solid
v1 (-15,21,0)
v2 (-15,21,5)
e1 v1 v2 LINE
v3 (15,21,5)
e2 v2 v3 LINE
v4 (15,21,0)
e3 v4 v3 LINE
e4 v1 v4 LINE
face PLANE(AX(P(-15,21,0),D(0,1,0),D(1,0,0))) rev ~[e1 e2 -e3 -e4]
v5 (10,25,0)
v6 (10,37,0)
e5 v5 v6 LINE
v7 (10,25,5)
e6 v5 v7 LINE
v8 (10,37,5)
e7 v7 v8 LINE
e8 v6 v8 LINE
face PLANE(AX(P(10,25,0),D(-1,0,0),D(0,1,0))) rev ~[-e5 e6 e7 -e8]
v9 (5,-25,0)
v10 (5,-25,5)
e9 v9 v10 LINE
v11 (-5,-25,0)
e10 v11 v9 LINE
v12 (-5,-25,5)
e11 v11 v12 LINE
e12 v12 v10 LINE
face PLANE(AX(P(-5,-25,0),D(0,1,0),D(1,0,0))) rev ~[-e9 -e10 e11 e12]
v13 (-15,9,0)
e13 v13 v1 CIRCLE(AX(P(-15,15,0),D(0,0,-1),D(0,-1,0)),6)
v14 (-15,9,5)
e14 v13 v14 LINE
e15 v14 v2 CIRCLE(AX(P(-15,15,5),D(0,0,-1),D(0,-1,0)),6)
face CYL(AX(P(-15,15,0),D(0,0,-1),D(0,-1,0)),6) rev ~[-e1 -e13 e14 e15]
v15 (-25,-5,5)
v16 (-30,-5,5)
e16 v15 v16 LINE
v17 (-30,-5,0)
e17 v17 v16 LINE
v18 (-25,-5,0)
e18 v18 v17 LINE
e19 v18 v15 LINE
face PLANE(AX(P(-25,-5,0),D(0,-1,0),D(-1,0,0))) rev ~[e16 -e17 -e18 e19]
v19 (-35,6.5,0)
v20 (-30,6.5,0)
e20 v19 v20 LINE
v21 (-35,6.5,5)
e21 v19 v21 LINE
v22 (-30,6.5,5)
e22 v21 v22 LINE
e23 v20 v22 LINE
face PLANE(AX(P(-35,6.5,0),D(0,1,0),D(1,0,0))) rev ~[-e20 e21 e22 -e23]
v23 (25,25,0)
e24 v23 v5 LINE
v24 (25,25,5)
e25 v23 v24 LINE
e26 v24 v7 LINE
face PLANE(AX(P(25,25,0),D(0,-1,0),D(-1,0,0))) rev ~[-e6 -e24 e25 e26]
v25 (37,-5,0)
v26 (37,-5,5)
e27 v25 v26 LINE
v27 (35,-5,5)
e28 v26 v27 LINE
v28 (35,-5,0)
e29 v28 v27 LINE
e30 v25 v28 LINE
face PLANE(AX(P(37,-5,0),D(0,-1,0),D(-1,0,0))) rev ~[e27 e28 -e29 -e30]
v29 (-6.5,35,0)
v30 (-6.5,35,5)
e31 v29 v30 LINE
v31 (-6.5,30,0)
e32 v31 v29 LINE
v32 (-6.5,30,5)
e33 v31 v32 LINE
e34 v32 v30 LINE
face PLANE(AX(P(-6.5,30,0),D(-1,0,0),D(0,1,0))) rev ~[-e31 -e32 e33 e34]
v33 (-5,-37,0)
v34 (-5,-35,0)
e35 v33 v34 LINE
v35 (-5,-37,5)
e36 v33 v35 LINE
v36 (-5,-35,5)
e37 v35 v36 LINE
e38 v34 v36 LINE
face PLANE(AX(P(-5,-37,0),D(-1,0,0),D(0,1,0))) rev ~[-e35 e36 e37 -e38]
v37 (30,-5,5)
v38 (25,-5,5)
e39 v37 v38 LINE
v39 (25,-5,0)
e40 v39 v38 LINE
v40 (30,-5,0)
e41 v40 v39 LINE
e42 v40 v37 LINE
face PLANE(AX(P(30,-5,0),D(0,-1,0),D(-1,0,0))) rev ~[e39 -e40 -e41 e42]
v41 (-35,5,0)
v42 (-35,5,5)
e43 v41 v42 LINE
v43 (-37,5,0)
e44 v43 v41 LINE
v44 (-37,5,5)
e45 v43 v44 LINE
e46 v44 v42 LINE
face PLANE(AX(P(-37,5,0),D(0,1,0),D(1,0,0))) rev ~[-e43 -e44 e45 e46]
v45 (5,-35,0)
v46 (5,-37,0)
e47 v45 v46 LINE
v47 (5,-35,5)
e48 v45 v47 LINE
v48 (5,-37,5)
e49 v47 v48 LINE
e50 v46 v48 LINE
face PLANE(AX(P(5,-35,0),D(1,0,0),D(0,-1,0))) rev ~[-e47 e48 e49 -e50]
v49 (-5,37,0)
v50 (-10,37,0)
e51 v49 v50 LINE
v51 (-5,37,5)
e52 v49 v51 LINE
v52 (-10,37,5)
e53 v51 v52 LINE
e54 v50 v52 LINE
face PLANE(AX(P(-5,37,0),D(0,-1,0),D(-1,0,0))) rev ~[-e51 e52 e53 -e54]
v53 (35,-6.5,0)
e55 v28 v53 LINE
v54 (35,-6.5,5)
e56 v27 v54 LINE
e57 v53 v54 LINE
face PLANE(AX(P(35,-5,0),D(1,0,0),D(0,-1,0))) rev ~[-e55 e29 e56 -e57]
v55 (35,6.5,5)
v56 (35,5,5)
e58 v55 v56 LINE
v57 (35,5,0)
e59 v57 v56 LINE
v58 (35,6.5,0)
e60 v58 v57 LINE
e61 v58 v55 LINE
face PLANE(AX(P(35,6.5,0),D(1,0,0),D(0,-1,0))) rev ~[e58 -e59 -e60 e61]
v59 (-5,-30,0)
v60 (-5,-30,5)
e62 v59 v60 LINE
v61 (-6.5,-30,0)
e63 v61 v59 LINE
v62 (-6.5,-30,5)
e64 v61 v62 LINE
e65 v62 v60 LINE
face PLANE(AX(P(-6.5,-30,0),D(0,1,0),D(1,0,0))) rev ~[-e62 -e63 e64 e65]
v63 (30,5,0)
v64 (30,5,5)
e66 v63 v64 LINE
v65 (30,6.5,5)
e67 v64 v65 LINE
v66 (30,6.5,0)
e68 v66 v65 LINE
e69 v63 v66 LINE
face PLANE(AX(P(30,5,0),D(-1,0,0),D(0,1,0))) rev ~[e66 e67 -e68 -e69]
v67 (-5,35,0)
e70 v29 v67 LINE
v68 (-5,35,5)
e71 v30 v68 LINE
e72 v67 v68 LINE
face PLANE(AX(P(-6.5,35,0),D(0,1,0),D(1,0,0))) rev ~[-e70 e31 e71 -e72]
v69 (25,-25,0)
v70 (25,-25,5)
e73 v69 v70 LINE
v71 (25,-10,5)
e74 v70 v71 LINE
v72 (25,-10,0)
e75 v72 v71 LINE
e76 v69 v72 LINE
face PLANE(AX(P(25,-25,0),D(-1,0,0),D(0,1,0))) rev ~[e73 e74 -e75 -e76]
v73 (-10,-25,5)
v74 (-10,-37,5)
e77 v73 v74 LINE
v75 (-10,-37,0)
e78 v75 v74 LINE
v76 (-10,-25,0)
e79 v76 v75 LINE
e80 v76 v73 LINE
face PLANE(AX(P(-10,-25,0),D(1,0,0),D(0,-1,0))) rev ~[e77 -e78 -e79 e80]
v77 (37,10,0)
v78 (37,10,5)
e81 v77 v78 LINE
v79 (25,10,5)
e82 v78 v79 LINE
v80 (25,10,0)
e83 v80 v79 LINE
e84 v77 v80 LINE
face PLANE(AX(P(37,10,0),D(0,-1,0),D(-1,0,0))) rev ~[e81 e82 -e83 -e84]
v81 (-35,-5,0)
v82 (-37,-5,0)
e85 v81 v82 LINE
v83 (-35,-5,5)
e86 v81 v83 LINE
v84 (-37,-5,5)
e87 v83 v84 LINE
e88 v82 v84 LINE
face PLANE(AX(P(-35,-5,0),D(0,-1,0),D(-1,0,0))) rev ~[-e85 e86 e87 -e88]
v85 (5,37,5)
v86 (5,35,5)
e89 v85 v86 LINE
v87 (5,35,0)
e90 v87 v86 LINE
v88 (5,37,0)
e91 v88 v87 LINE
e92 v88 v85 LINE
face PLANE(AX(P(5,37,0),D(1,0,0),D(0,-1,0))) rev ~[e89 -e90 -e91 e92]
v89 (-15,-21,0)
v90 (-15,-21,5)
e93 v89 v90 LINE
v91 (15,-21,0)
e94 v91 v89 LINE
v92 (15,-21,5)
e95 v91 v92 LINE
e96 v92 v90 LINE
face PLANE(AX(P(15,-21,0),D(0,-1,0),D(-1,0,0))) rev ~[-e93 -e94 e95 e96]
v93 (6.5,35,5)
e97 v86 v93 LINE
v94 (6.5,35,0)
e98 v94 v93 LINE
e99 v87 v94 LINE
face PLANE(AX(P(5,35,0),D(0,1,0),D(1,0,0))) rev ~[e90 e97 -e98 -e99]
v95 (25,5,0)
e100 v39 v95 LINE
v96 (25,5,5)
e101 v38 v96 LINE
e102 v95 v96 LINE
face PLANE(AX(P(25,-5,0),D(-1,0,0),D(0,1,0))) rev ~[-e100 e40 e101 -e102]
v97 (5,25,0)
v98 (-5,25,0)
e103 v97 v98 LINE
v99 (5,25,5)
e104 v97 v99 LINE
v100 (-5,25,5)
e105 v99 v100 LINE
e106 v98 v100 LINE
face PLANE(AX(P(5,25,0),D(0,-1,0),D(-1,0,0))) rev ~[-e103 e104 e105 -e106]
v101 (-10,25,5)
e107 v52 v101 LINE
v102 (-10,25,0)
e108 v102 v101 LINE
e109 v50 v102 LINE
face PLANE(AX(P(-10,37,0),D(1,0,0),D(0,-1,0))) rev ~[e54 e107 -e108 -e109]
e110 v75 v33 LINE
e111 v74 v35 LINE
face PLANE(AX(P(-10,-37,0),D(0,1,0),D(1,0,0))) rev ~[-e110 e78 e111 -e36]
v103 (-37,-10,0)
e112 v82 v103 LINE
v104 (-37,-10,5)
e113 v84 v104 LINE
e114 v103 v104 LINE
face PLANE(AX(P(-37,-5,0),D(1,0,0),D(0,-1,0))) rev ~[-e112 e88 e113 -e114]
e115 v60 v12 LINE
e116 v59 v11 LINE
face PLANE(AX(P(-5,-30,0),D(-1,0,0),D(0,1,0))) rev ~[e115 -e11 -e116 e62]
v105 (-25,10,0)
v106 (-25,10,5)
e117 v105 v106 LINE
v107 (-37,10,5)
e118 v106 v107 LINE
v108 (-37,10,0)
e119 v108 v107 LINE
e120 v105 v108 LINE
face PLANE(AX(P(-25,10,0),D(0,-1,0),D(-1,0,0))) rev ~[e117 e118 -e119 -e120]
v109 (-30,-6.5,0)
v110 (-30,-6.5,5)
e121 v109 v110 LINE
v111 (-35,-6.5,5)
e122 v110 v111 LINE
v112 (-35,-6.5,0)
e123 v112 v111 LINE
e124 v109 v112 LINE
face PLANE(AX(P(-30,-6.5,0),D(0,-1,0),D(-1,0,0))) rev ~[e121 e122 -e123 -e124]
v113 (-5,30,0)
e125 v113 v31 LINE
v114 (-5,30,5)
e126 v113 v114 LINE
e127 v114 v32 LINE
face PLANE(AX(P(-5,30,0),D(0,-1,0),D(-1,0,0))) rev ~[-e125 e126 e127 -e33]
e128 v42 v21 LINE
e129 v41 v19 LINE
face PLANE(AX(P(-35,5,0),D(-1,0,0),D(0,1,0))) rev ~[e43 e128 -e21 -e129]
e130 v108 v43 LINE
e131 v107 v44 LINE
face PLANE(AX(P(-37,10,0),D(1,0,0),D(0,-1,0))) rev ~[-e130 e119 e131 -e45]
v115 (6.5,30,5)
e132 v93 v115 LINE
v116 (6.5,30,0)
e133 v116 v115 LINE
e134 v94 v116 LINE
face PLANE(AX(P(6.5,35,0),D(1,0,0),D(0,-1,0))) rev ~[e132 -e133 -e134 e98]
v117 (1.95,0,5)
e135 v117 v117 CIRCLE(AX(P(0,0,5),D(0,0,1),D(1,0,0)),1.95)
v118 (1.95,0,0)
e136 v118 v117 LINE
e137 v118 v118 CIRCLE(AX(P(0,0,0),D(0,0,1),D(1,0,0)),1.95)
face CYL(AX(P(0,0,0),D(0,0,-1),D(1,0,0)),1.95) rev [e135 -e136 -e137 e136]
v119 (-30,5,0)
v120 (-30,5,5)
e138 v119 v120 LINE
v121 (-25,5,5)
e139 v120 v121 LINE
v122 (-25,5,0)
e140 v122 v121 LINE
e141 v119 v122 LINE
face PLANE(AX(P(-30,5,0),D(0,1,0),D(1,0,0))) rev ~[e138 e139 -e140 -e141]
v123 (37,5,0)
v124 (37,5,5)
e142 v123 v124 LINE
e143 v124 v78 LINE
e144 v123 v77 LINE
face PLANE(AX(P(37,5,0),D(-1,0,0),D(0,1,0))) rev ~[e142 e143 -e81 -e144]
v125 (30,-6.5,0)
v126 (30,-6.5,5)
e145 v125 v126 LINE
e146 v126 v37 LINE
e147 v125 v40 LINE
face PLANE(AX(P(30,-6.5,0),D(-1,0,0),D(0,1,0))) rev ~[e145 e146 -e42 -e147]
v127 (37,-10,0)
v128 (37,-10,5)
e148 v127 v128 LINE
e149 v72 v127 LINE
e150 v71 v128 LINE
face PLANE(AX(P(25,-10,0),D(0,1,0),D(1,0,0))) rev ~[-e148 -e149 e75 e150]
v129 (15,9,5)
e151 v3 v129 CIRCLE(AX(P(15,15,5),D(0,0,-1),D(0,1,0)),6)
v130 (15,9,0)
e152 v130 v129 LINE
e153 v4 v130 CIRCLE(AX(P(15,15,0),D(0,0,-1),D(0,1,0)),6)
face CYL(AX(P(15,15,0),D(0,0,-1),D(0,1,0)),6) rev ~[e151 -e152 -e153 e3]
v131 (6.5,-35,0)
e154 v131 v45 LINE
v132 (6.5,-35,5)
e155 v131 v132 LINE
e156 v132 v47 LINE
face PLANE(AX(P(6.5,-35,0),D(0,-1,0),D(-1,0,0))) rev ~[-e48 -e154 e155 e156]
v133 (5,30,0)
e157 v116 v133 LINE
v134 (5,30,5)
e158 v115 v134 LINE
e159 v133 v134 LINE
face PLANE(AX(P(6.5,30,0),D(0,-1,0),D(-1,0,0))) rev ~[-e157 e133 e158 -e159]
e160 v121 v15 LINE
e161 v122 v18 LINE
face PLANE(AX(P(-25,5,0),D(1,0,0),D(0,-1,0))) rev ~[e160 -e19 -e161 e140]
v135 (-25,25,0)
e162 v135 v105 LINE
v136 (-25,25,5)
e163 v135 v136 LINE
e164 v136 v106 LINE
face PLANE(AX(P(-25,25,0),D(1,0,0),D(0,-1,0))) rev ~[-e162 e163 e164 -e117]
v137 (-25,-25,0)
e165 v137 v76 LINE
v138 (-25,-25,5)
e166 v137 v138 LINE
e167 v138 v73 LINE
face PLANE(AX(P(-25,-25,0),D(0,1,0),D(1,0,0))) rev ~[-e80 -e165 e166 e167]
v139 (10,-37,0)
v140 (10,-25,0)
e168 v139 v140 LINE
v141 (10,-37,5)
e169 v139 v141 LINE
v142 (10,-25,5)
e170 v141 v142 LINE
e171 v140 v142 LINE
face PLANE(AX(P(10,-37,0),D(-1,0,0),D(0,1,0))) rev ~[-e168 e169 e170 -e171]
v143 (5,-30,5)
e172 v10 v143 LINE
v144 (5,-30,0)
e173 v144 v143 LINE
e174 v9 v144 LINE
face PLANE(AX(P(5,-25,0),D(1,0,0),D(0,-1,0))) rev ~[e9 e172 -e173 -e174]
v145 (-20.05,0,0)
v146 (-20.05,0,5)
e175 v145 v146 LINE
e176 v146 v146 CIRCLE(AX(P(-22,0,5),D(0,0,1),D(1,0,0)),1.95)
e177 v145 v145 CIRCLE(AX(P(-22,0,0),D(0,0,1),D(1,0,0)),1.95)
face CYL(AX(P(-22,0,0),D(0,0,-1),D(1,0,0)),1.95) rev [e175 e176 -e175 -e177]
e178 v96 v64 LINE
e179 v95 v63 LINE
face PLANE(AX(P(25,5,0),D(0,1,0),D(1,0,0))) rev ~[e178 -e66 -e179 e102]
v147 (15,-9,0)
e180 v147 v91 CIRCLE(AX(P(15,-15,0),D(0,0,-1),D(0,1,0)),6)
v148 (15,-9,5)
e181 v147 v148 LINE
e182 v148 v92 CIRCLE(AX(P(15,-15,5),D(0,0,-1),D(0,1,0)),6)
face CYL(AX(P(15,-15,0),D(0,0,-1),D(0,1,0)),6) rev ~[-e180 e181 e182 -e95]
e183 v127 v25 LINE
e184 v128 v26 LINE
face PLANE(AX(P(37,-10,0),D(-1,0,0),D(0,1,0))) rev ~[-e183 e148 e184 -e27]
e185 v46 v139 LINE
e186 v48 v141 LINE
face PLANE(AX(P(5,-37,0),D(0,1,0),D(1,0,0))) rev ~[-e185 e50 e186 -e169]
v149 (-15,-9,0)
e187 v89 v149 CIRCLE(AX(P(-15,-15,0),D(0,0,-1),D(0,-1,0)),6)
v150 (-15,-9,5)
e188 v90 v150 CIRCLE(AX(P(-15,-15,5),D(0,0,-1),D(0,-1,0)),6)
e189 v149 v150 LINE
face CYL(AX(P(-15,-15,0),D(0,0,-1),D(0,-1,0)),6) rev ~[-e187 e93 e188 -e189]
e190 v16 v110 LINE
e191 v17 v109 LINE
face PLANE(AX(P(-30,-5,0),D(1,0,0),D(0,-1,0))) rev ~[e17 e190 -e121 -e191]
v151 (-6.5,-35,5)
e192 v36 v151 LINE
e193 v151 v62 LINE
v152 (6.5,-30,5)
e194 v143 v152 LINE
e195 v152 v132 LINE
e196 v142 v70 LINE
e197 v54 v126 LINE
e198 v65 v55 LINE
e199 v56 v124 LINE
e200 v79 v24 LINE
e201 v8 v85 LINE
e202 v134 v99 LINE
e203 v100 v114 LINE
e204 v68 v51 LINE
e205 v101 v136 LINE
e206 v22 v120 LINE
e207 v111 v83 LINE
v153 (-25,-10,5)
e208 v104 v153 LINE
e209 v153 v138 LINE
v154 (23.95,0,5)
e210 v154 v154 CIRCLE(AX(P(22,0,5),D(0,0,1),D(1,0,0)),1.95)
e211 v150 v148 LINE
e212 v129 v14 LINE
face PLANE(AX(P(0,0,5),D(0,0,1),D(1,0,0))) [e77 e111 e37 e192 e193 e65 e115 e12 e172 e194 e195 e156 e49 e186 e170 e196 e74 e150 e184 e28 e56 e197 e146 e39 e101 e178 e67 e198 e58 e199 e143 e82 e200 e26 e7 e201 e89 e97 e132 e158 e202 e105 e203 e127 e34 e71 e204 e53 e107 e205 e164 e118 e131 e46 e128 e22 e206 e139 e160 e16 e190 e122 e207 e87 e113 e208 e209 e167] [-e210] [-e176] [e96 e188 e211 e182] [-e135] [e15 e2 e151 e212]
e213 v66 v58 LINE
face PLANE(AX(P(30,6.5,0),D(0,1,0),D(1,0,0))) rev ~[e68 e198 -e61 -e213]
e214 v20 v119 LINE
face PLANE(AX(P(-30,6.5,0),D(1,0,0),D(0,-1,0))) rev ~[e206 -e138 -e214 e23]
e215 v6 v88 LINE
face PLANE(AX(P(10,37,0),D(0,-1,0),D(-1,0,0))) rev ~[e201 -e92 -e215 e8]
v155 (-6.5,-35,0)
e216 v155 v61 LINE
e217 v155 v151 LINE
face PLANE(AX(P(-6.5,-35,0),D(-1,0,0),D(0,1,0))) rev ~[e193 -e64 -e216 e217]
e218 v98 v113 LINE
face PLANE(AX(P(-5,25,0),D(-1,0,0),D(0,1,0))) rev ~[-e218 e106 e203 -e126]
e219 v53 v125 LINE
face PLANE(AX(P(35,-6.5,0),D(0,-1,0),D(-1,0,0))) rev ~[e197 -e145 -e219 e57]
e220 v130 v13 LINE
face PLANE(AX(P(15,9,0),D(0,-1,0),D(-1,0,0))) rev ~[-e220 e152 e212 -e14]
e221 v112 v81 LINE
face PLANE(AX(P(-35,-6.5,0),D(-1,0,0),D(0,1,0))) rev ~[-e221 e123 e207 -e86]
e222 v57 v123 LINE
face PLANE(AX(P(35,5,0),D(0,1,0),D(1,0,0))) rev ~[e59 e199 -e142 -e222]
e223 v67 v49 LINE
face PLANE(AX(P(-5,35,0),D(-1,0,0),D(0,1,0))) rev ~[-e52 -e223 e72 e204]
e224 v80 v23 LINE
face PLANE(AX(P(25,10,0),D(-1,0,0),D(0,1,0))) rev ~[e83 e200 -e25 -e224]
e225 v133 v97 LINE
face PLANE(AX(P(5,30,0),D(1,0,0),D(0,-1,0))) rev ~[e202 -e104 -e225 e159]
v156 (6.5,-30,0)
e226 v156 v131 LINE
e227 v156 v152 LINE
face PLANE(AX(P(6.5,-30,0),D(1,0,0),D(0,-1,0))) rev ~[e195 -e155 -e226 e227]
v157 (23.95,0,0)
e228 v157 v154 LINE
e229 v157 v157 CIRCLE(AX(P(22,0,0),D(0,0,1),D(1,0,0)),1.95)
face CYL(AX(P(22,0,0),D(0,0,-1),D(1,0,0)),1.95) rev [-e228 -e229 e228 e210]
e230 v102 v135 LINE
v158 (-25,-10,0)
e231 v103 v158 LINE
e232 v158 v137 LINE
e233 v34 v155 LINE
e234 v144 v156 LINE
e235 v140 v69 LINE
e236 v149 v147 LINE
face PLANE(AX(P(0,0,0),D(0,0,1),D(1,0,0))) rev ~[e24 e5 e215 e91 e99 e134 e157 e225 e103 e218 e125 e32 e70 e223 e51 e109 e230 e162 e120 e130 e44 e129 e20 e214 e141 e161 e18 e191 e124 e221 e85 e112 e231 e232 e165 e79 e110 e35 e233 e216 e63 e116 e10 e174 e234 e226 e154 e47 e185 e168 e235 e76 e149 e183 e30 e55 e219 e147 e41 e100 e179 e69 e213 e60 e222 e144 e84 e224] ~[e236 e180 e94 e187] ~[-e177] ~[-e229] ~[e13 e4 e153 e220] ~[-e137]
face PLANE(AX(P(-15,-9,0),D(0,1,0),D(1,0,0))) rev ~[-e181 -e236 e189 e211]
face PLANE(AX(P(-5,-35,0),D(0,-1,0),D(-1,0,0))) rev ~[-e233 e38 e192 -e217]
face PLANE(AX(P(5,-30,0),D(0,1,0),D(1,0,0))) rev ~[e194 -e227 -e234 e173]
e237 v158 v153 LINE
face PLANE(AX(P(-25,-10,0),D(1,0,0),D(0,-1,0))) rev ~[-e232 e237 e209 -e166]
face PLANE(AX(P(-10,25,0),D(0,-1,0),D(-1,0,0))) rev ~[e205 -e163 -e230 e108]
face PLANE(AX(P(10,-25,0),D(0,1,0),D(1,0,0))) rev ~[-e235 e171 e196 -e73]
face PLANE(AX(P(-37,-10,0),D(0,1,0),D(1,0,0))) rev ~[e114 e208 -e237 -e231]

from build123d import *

# Parameters (mm, degrees)
ESQUISSE1_R        = 1.95
BOSS_EXTRU_1_DEPTH = 5


with BuildPart() as part:
    # Esquisse1 → Boss.-Extru.1 (new body)
    with BuildSketch(Plane.XY):
        Polygon((-10, 25), (-25, 25), (-25, 10), (-30, 10), (-37, 10), (-37, 5), (-35, 5), (-35, 6.5), (-30, 6.5), (-30, 5), (-25, 5), (-25, 0), (-25, -5), (-30, -5), (-30, -6.5), (-35, -6.5), (-35, -5), (-37, -5), (-37, -10), (-30, -10), (-25, -10), (-25, -25), (-10, -25), (-10, -30), (-10, -37), (-5, -37), (-5, -35), (-6.5, -35), (-6.5, -30), (-5, -30), (-5, -25), (0, -25), (5, -25), (5, -30), (6.5, -30), (6.5, -35), (5, -35), (5, -37), (10, -37), (10, -30), (10, -25), (25, -25), (25, -10), (30, -10), (37, -10), (37, -5), (35, -5), (35, -6.5), (30, -6.5), (30, -5), (25, -5), (25, 0), (25, 5), (30, 5), (30, 6.5), (35, 6.5), (35, 5), (37, 5), (37, 10), (30, 10), (25, 10), (25, 25), (10, 25), (10, 30), (10, 37), (5, 37), (5, 35), (6.5, 35), (6.5, 30), (5, 30), (5, 25), (0, 25), (-5, 25), (-5, 30), (-6.5, 30), (-6.5, 35), (-5, 35), (-5, 37), (-10, 37), (-10, 30), align=None)
        with Locations((-22, 0)):
            Circle(ESQUISSE1_R, mode=Mode.SUBTRACT)
        Circle(ESQUISSE1_R, mode=Mode.SUBTRACT)
        with BuildLine():
            Line((15, -21), (-15, -21))
            ThreePointArc((-15, -21), (-21, -15), (-15, -9))
            Line((-15, -9), (15, -9))
            ThreePointArc((15, -9), (21, -15), (15, -21))
        make_face(mode=Mode.SUBTRACT)
        with Locations((22, 0)):
            Circle(ESQUISSE1_R, mode=Mode.SUBTRACT)
        with BuildLine():
            ThreePointArc((-15, 9), (-21, 15), (-15, 21))
            Line((-15, 21), (15, 21))
            ThreePointArc((15, 21), (21, 15), (15, 9))
            Line((15, 9), (-15, 9))
        make_face(mode=Mode.SUBTRACT)
    extrude(amount=BOSS_EXTRU_1_DEPTH)


solid = part.part
